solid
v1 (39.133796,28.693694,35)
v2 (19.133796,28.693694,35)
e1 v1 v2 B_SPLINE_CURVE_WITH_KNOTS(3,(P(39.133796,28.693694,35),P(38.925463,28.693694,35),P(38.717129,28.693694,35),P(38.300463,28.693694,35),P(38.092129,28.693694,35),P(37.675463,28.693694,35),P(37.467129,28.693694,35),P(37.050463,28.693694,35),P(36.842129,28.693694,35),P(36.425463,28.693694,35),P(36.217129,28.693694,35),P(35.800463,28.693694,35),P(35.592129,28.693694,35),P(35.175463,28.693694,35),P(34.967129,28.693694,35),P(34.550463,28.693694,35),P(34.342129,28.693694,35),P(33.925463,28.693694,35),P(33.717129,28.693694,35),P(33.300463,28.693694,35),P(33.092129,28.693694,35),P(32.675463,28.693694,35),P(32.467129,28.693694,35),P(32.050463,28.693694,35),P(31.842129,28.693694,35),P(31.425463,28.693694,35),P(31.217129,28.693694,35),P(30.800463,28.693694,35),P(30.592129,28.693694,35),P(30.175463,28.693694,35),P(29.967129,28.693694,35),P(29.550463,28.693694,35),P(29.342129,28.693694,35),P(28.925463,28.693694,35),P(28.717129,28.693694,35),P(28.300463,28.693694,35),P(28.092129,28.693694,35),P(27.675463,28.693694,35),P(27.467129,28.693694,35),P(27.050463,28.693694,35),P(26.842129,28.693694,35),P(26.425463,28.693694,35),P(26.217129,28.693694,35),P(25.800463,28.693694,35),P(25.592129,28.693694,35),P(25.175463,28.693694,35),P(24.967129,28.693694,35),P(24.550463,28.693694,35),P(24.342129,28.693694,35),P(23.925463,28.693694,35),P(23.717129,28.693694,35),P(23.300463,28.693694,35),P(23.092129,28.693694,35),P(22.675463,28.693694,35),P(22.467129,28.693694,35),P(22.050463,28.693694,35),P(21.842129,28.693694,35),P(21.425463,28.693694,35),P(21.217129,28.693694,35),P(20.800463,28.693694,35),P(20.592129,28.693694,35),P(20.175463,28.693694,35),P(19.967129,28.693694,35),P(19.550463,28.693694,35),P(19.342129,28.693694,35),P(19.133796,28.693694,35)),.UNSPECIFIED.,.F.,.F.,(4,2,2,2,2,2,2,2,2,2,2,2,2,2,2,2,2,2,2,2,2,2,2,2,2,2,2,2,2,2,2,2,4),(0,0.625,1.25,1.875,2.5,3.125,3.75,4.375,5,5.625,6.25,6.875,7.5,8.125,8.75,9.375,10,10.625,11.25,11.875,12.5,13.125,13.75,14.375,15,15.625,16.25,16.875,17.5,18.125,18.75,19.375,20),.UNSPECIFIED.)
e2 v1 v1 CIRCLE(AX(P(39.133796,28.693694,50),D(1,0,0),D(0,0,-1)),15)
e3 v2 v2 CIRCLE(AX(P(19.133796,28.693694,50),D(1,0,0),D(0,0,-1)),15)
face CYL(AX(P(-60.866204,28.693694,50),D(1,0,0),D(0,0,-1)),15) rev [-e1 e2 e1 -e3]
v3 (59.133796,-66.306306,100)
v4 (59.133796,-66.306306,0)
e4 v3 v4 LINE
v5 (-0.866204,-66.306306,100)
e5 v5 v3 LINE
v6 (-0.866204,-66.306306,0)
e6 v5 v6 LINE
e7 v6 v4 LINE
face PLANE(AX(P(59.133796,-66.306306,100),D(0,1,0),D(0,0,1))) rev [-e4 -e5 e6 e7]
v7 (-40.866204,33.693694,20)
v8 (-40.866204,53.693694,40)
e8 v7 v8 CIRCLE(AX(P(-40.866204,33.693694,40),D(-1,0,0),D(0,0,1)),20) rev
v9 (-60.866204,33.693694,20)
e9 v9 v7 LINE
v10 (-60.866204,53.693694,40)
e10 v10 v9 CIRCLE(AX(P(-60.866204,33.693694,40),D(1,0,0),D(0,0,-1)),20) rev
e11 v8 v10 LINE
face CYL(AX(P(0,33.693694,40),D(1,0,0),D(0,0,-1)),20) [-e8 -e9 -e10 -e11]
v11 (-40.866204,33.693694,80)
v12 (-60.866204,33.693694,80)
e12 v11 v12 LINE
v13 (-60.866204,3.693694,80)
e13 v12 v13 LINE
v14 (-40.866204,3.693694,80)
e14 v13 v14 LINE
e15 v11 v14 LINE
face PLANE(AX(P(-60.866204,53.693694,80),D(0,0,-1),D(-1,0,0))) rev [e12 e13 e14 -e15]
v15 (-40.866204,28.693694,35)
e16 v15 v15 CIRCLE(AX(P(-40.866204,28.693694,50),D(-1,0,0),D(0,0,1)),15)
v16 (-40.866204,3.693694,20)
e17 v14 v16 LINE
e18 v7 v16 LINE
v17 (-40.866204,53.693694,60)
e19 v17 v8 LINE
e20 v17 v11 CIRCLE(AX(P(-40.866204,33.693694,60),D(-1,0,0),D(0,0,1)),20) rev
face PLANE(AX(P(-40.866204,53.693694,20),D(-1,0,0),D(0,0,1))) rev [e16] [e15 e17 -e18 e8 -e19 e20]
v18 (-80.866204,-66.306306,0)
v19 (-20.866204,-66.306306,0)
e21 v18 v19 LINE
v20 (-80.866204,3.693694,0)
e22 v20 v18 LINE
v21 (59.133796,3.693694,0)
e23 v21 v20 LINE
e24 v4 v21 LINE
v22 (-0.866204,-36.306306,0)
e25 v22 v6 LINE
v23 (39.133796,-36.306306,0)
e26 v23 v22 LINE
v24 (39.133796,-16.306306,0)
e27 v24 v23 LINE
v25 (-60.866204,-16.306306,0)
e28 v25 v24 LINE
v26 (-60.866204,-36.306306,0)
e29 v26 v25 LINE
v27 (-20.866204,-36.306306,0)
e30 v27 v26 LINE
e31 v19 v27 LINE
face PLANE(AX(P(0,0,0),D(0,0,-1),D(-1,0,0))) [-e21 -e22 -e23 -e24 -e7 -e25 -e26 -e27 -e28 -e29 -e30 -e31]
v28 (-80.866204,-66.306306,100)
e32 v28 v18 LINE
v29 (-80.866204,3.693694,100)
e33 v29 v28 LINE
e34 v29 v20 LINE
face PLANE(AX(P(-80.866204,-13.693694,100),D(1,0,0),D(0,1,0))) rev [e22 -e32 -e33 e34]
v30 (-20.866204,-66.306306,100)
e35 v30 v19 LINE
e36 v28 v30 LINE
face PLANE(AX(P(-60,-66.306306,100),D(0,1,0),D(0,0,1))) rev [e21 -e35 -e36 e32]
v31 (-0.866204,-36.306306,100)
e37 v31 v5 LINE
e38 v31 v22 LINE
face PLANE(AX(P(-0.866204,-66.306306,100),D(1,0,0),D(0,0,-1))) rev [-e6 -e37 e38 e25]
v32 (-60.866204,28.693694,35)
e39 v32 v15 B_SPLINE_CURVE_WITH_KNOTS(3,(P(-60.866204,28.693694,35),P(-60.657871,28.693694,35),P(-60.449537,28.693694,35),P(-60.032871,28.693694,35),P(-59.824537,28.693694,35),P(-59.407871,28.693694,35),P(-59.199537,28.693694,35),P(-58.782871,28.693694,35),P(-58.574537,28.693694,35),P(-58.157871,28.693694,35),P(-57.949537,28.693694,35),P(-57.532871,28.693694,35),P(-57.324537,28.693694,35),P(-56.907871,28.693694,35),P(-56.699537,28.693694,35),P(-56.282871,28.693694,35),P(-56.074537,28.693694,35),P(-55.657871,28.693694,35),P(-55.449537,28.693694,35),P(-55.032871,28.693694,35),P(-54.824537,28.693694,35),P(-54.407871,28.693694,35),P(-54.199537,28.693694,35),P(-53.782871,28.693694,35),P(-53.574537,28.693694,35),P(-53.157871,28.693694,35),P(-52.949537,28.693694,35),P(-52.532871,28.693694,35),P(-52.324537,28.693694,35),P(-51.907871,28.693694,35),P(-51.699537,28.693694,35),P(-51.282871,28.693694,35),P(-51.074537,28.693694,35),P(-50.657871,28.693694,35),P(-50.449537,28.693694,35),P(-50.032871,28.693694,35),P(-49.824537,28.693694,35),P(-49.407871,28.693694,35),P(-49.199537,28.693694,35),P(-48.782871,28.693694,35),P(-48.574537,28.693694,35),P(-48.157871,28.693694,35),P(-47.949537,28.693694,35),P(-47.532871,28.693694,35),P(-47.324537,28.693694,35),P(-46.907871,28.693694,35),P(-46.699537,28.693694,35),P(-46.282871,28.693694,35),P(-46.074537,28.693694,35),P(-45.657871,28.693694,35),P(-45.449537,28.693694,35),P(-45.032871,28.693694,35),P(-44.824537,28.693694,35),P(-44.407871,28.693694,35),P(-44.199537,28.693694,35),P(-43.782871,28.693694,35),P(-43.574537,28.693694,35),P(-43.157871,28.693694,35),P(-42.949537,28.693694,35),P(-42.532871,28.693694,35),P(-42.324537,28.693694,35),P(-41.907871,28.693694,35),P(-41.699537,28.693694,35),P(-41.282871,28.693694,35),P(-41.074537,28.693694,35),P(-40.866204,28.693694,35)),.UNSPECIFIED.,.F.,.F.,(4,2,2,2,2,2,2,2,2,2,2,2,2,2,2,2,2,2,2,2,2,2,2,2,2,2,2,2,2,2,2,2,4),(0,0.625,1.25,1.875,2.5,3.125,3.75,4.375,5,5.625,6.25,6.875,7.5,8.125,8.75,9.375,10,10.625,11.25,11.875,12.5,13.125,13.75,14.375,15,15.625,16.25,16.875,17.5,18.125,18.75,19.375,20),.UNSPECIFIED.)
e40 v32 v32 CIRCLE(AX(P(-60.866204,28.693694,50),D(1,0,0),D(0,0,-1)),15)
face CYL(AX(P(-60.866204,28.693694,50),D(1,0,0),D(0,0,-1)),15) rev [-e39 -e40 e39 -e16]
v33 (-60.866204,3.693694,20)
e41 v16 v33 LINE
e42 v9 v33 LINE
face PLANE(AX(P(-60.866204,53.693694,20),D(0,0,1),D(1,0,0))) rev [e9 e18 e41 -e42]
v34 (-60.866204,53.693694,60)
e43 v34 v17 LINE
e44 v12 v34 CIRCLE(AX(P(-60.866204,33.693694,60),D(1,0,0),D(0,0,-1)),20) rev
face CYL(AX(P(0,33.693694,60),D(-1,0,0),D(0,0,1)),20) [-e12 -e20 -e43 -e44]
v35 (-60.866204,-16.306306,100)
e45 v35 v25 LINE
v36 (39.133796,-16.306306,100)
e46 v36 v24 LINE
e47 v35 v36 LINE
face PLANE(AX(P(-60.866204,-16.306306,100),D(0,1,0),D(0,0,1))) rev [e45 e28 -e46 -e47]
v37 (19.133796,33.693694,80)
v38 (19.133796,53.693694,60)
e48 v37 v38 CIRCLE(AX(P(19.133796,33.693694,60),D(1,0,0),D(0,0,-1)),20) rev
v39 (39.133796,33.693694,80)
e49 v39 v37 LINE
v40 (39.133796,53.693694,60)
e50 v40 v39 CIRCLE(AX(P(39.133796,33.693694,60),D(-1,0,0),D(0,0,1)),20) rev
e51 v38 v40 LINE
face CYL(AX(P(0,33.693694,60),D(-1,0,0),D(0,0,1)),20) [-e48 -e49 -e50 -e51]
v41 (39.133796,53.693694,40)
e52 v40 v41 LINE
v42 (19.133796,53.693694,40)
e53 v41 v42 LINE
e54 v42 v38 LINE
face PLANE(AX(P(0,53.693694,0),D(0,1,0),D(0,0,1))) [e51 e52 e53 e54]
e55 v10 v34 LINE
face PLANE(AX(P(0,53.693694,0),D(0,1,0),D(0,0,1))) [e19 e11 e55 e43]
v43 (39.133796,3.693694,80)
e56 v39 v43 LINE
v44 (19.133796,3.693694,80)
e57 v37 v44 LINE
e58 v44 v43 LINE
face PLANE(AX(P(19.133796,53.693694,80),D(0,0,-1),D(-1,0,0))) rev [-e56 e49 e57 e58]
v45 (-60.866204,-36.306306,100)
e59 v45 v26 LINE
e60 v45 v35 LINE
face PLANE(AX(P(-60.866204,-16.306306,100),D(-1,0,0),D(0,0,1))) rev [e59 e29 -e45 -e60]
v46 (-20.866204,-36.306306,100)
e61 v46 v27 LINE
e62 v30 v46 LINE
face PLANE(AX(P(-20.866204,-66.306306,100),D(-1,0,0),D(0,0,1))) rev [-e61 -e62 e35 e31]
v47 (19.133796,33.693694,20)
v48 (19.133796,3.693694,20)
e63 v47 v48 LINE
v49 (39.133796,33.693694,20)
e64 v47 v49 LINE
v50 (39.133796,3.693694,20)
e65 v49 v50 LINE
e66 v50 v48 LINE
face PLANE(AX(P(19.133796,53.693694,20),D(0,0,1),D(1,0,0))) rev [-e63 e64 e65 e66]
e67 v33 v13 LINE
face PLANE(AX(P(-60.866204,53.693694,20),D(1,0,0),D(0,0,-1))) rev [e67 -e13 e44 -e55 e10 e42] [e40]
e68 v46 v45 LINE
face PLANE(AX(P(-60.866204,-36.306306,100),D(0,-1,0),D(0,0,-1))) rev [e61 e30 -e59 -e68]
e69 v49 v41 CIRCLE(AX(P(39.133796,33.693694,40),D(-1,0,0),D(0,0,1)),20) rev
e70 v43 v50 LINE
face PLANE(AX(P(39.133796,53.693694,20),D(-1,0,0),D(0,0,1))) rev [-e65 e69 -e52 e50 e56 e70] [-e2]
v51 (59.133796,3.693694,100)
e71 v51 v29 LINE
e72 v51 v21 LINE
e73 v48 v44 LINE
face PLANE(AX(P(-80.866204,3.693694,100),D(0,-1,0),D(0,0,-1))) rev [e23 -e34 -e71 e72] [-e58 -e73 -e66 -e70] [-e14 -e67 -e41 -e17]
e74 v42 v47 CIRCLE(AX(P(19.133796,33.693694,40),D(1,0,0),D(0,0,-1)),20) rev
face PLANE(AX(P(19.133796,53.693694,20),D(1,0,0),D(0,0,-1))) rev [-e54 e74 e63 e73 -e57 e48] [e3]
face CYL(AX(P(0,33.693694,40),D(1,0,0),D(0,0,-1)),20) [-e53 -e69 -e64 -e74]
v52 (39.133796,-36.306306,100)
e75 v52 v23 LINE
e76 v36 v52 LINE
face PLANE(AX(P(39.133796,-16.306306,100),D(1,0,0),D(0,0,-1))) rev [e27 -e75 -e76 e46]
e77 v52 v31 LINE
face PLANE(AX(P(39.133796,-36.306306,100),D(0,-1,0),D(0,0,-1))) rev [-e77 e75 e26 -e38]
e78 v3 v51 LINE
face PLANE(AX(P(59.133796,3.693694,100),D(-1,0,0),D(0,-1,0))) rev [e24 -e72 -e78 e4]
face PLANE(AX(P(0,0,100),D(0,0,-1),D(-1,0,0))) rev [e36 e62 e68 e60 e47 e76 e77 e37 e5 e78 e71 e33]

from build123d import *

# Parameters (mm, degrees)
BOSS_EXTRUDE1_DEPTH = 100
SKETCH3_W           = 20
SKETCH3_H           = 60
BOSS_EXTRUDE2_DEPTH = 50
FILLET1_R           = 20
SKETCH4_R           = 15
CUT_EXTRUDE1_DEPTH  = 100


with BuildPart() as part:
    # Sketch2 → Boss-Extrude1 (new body)
    with BuildSketch(Plane.XY):
        Polygon((-80.866204042, 3.693693694), (59.133795958, 3.693693694), (59.133795958, -13.693693694), (59.133795958, -66.306306306), (38.267591916, -66.306306306), (-0.866204042, -66.306306306), (-0.866204042, -36.306306306), (39.133795958, -36.306306306), (39.133795958, -16.306306306), (-60.866204042, -16.306306306), (-60.866204042, -36.306306306), (-20.866204042, -36.306306306), (-20.866204042, -66.306306306), (-60, -66.306306306), (-80.866204042, -66.306306306), (-80.866204042, -13.693693694), align=None)
    extrude(amount=BOSS_EXTRUDE1_DEPTH)

    # Sketch3 → Boss-Extrude2 (add)
    with BuildSketch(Plane(origin=(0, 3.693693694, 0), x_dir=(1, 0, 0), z_dir=(0, 1, 0))):
        with Locations((-50.866204042, -50)):
            Rectangle(SKETCH3_W, SKETCH3_H)
        with Locations((29.133795958, -50)):
            Rectangle(SKETCH3_W, SKETCH3_H)
    extrude(amount=BOSS_EXTRUDE2_DEPTH)

    # Fillet1
    fillet1_edges = [part.edges().sort_by_distance(p)[0] for p in [
        (-50.866204042, 53.693693694, 20),
        (-50.866204042, 53.693693694, 80),
        (29.133795958, 53.693693694, 20),
        (29.133795958, 53.693693694, 80),
    ]]
    fillet(fillet1_edges, radius=FILLET1_R)

    # Sketch4 → Cut-Extrude1 (cut)
    with BuildSketch(Plane(origin=(39.133795958, 0, 0), x_dir=(0, 0, -1), z_dir=(1, 0, 0))):
        with Locations((-50, 28.693693694)):
            Circle(SKETCH4_R)
    extrude(amount=-CUT_EXTRUDE1_DEPTH, mode=Mode.SUBTRACT)


solid = part.part
